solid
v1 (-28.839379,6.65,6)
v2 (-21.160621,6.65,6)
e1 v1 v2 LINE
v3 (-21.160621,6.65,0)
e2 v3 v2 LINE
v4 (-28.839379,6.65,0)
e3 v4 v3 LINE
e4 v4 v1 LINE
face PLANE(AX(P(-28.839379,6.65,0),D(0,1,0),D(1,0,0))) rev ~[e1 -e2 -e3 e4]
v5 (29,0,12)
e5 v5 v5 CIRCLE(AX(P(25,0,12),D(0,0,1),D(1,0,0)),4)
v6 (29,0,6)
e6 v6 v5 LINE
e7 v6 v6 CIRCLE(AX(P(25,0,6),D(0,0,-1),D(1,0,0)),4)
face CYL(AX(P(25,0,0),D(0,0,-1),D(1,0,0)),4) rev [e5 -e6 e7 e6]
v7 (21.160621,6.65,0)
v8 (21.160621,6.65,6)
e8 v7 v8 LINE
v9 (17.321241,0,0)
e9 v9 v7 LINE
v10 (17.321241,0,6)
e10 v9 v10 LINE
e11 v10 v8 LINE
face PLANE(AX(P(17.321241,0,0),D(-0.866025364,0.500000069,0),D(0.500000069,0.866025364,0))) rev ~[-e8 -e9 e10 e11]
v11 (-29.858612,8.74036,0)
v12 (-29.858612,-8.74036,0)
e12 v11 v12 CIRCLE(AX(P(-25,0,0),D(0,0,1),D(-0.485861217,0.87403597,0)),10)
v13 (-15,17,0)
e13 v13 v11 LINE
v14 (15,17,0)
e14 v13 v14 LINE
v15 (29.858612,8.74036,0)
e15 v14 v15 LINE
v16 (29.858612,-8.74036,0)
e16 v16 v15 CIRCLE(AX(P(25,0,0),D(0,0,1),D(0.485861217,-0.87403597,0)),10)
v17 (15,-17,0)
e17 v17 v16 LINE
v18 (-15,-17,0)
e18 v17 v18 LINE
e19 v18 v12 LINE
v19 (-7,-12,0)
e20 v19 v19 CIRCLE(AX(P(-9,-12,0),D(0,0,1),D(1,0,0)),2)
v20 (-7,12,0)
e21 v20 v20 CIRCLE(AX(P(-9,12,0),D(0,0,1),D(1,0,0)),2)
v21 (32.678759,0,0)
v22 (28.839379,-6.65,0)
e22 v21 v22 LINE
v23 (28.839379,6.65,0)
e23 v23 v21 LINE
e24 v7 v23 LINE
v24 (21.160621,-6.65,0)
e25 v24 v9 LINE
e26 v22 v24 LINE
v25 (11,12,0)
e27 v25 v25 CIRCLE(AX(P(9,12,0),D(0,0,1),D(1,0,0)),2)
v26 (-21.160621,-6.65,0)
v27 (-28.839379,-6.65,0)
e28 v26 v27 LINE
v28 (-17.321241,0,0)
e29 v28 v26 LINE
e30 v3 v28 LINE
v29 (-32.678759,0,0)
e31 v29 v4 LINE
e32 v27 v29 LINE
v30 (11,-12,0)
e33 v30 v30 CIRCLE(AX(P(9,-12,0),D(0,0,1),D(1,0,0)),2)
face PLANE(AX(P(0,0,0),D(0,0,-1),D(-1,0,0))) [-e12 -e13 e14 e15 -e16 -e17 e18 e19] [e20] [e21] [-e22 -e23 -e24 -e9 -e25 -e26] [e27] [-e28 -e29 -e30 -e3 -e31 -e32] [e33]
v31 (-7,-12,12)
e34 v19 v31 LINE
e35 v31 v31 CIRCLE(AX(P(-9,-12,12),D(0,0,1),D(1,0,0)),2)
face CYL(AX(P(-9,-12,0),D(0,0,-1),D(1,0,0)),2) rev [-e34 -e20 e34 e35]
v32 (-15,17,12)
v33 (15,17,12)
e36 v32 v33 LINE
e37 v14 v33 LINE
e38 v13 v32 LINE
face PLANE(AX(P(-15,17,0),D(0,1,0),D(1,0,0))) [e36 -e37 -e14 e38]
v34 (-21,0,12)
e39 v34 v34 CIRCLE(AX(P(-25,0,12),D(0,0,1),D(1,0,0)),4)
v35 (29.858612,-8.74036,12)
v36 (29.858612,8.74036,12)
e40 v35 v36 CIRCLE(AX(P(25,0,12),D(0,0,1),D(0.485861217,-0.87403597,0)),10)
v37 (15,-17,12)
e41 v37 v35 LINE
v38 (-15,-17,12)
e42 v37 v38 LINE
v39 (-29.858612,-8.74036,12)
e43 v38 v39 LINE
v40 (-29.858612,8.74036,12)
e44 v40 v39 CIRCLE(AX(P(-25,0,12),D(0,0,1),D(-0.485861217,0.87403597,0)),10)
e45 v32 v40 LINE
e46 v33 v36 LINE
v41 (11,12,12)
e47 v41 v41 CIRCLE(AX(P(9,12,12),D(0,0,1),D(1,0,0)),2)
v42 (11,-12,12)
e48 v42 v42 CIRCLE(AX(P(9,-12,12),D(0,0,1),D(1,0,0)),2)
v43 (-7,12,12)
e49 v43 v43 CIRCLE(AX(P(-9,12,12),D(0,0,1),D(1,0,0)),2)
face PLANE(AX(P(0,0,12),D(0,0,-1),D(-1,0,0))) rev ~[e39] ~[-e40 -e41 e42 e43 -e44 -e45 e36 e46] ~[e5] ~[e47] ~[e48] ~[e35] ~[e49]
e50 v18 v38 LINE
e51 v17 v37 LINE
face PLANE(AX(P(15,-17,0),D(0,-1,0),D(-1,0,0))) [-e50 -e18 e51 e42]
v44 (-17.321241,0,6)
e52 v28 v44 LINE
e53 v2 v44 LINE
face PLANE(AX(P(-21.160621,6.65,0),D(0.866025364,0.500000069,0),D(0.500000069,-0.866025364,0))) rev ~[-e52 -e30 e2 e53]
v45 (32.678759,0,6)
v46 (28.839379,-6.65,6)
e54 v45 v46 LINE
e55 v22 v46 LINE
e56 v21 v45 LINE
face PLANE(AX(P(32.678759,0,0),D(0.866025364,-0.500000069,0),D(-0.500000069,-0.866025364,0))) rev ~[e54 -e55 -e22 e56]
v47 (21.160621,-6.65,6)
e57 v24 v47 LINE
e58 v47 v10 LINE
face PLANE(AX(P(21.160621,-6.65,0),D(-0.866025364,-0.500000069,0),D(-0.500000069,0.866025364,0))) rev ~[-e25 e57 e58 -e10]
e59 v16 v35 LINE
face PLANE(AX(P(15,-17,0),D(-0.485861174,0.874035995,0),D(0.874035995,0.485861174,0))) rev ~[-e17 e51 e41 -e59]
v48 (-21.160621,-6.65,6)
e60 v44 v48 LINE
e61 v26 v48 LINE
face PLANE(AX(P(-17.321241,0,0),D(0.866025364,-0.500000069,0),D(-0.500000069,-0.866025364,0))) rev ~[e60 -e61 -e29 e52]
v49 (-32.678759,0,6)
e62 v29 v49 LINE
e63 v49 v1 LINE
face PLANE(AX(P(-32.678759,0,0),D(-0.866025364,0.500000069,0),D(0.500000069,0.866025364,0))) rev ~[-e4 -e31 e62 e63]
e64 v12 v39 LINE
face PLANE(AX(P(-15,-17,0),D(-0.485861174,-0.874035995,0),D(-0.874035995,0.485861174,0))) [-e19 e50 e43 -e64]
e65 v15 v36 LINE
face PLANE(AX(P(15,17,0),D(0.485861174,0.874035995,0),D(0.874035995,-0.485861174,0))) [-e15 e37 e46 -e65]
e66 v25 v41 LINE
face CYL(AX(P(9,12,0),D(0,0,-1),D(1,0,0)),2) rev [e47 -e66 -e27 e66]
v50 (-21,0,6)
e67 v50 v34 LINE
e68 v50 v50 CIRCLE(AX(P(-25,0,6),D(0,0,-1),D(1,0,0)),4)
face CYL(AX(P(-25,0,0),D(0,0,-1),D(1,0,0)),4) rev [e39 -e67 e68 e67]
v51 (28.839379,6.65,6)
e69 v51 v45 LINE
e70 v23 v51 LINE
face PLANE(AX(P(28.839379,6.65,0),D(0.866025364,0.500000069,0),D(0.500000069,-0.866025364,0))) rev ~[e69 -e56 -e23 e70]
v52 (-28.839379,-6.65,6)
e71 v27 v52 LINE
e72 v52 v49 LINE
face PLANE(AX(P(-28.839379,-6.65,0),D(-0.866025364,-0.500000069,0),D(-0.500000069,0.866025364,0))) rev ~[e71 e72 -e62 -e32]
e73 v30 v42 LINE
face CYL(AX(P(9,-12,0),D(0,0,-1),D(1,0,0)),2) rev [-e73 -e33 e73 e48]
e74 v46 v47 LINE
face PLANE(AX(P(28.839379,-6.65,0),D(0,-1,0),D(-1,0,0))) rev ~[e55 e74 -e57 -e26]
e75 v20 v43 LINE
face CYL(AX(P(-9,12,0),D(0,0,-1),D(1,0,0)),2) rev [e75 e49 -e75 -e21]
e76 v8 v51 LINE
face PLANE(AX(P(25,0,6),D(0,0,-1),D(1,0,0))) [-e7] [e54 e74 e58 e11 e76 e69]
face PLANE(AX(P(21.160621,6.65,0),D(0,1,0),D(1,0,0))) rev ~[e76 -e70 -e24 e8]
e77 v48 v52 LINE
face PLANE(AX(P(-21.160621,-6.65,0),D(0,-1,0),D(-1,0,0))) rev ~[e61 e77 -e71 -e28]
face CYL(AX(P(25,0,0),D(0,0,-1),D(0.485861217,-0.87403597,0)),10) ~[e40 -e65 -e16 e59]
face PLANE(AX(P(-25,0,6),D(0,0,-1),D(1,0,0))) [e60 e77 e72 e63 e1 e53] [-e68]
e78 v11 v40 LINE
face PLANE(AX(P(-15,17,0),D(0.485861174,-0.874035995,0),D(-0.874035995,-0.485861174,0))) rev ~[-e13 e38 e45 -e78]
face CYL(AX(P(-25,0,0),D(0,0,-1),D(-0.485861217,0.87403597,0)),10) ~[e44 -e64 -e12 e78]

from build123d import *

# Parameters (mm, degrees)
SKETCH_R     = 4
SKETCH_R_2   = 2
PAD_DEPTH    = 12
POCKET_DEPTH = 6


with BuildPart() as part:
    # Sketch → Pad (new body)
    with BuildSketch(Plane.XY):
        with BuildLine():
            Line((-15, 17), (15, 17))
            Line((15, 17), (29.858612, 8.74036))
            ThreePointArc((29.858612, -8.74036), (35, 0), (29.858612, 8.74036))
            Line((15, -17), (29.858612, -8.74036))
            Line((15, -17), (-15, -17))
            Line((-15, -17), (-29.858612, -8.74036))
            ThreePointArc((-29.858612, 8.74036), (-35, 0), (-29.858612, -8.74036))
            Line((-15, 17), (-29.858612, 8.74036))
        make_face()
        with Locations((-25, 0)):
            Circle(SKETCH_R, mode=Mode.SUBTRACT)
        with Locations((25, 0)):
            Circle(SKETCH_R, mode=Mode.SUBTRACT)
        with Locations((-9, 12)):
            Circle(SKETCH_R_2, mode=Mode.SUBTRACT)
        with Locations((9, 12)):
            Circle(SKETCH_R_2, mode=Mode.SUBTRACT)
        with Locations((9, -12)):
            Circle(SKETCH_R_2, mode=Mode.SUBTRACT)
        with Locations((-9, -12)):
            Circle(SKETCH_R_2, mode=Mode.SUBTRACT)
    extrude(amount=PAD_DEPTH)

    # Sketch001 (on Face15 of Pad) → Pocket (cut)
    with BuildSketch(Plane(origin=(0, 0, 0), x_dir=(1, 0, 0), z_dir=(0, 0, -1))):
        Polygon((-28.839379, 6.65), (-32.678759, 0), (-28.839379, -6.65), (-21.160621, -6.65), (-17.321241, 0), (-21.160621, 6.65), align=None)
        Polygon((17.321241, 0), (21.160621, -6.65), (28.839379, -6.65), (32.678759, 0), (28.839379, 6.65), (21.160621, 6.65), align=None)
    extrude(amount=-POCKET_DEPTH, mode=Mode.SUBTRACT)


solid = part.part
